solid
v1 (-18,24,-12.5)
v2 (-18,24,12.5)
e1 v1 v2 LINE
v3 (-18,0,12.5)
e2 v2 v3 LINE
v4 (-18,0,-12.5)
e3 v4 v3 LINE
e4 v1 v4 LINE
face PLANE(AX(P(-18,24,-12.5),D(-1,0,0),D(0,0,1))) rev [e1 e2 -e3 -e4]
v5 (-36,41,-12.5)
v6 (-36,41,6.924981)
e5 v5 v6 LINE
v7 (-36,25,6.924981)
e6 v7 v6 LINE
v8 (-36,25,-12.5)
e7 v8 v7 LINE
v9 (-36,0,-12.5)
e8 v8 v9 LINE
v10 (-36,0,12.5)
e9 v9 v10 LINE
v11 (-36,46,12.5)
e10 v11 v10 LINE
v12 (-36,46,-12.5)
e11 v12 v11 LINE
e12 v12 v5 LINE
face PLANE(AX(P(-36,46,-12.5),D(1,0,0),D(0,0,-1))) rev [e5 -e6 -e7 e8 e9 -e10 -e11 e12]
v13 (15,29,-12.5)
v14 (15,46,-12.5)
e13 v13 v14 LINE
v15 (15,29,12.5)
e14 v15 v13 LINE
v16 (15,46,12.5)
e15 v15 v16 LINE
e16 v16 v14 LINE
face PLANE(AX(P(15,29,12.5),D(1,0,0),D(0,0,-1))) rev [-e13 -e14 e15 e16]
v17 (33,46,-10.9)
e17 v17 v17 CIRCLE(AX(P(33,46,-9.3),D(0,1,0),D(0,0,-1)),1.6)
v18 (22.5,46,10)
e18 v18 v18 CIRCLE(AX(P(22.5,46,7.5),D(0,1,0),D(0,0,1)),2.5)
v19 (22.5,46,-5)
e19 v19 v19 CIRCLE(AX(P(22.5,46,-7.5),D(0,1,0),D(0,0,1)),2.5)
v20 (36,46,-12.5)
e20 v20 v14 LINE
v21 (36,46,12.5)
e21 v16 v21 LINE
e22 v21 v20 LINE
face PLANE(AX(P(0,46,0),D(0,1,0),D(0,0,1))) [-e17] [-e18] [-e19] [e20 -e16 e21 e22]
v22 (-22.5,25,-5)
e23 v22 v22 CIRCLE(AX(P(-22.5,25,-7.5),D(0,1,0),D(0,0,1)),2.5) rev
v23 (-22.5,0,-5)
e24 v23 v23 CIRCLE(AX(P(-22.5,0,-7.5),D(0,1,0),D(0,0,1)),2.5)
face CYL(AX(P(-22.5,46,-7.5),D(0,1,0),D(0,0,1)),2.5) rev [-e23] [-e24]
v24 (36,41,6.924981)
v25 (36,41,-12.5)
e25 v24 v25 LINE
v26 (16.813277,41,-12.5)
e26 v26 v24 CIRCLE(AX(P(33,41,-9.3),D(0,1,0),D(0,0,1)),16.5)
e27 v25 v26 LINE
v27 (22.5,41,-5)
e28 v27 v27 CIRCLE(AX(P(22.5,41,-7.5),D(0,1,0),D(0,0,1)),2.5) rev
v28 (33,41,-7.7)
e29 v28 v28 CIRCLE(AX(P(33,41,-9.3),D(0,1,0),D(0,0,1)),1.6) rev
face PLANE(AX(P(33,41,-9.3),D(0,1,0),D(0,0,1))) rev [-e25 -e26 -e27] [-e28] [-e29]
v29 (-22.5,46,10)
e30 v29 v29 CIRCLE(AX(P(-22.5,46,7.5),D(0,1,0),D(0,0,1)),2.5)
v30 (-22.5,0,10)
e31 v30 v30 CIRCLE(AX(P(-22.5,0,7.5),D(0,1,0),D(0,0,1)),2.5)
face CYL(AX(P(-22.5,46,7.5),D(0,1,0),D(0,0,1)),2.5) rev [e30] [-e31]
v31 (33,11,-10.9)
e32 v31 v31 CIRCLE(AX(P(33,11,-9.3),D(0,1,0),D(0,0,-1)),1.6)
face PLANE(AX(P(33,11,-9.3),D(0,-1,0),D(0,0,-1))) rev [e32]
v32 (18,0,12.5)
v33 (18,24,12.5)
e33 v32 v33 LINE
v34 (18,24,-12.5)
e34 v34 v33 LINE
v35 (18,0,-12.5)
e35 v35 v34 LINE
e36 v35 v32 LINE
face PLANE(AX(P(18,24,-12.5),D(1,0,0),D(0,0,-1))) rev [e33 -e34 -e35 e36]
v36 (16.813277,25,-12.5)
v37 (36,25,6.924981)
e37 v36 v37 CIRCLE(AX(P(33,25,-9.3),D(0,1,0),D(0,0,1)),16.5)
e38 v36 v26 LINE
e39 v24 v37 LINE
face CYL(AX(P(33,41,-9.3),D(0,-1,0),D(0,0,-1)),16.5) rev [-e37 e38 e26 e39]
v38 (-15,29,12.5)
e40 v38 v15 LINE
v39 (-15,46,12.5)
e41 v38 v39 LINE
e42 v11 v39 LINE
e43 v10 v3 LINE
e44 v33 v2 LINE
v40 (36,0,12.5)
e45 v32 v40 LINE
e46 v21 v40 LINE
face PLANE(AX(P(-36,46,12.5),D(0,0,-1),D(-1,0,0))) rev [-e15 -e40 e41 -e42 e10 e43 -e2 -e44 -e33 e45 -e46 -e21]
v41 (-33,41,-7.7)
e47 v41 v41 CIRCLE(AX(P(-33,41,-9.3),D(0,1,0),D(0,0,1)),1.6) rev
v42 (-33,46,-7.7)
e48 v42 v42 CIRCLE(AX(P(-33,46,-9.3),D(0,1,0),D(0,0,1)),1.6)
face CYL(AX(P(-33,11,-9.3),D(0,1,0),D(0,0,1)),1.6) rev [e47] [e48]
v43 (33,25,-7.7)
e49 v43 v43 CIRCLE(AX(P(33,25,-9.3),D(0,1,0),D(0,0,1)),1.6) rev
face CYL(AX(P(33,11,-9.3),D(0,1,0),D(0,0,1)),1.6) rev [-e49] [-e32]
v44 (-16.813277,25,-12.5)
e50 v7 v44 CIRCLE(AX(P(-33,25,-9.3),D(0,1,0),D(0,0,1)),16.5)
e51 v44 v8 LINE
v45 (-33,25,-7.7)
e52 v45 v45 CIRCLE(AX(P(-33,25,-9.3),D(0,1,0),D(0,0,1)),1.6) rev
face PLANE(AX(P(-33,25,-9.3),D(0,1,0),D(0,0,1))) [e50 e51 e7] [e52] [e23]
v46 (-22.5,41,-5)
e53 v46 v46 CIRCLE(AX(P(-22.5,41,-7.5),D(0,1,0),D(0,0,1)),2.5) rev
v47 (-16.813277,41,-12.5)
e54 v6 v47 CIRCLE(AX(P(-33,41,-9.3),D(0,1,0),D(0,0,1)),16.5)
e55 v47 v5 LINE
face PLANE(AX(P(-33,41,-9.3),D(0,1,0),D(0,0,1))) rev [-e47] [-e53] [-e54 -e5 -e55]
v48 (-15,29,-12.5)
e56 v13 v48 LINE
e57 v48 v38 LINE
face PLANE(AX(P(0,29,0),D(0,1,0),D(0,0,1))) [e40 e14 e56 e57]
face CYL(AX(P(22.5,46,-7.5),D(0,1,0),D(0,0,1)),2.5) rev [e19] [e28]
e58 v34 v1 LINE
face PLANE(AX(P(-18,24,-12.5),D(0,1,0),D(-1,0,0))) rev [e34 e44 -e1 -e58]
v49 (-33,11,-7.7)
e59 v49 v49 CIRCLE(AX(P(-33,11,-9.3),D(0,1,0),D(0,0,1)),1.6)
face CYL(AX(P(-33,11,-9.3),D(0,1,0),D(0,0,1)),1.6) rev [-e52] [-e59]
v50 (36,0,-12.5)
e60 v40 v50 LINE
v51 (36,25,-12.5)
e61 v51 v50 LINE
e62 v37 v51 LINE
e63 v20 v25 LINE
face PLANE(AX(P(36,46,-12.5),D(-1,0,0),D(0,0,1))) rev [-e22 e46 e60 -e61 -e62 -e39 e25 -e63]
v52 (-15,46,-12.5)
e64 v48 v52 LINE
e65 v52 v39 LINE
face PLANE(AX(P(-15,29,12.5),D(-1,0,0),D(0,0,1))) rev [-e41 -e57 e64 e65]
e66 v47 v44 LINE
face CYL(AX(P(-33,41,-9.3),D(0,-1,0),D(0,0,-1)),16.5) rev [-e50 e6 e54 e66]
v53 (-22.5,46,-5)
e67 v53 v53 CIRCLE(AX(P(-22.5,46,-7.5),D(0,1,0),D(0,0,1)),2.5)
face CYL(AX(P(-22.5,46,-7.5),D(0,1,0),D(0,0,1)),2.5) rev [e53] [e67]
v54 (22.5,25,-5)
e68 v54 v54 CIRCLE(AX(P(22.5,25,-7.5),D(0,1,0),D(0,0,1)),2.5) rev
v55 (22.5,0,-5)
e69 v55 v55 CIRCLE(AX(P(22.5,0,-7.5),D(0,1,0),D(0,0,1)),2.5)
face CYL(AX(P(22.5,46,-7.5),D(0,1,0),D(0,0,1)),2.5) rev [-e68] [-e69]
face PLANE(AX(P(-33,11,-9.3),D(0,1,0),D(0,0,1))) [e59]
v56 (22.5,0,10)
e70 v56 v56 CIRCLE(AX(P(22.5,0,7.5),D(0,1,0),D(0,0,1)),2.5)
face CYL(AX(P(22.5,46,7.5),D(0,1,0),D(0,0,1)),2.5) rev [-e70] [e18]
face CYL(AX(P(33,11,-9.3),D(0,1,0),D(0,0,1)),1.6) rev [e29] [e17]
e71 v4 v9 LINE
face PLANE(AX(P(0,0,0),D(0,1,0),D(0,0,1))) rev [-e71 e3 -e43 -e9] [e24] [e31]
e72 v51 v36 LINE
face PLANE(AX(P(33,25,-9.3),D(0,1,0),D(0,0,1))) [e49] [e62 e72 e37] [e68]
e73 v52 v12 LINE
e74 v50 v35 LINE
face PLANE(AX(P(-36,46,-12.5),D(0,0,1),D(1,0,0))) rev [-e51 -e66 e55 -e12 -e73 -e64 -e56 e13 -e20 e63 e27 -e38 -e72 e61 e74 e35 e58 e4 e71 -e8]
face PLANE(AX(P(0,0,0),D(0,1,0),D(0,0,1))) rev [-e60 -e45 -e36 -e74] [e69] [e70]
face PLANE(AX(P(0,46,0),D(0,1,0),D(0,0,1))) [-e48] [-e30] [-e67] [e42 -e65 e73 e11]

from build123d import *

# Parameters (mm, degrees)
SKETCH6_W           = 72
SKETCH6_H           = 25
BOSS_EXTRUDE2_DEPTH = 46
SKETCH9_R           = 1.6
CUT_EXTRUDE3_DEPTH  = 35
TOP_SCREW_HOLES_D   = 5
SKETCH12_W          = 36
SKETCH12_H          = 24
CUT_EXTRUDE4_DEPTH  = 64.537390567
SKETCH13_W          = 30
SKETCH13_H          = 25
CUT_EXTRUDE5_DEPTH  = 17
CUT_EXTRUDE6_START  = 25
SKETCH14_R          = 16.5
CUT_EXTRUDE6_DEPTH  = 16


with BuildPart() as part:
    # Sketch6 → Boss-Extrude2 (new body)
    with BuildSketch(Plane(origin=(0, 0, 0), x_dir=(1, 0, 0), z_dir=(0, 1, 0))):
        Rectangle(SKETCH6_W, SKETCH6_H)
    extrude(amount=BOSS_EXTRUDE2_DEPTH)

    # Sketch9 → Cut-Extrude3 (cut)
    with BuildSketch(Plane(origin=(0, 46, 0), x_dir=(1, 0, 0), z_dir=(0, 1, 0))):
        with Locations(Location((-33, 9.3, 0), (0, 0, 270))):
            Circle(SKETCH9_R)
        with Locations(Location((33, 9.3, 0), (0, 0, 90))):
            Circle(SKETCH9_R)
    extrude(amount=-CUT_EXTRUDE3_DEPTH, mode=Mode.SUBTRACT)

    # Top Screw Holes (through all)
    with Locations(Plane(origin=(0, 46, 0), x_dir=(1, 0, 0), z_dir=(0, 1, 0))):
        with Locations((-22.5, -7.5), (22.5, -7.5), (-22.5, 7.5), (22.5, 7.5)):
            Hole(TOP_SCREW_HOLES_D / 2)

    # Sketch12 → Cut-Extrude4 (cut, through all)
    with BuildSketch(Plane.XY.offset(12.5)):
        with Locations((0, 12)):
            Rectangle(SKETCH12_W, SKETCH12_H)
    extrude(amount=-CUT_EXTRUDE4_DEPTH, mode=Mode.SUBTRACT)

    # Sketch13 → Cut-Extrude5 (cut)
    with BuildSketch(Plane(origin=(0, 46, 0), x_dir=(1, 0, 0), z_dir=(0, 1, 0))):
        Rectangle(SKETCH13_W, SKETCH13_H)
    extrude(amount=-CUT_EXTRUDE5_DEPTH, mode=Mode.SUBTRACT)

    # Sketch14 → Cut-Extrude6 (cut)
    with BuildSketch(Plane(origin=(0, 0, 0), x_dir=(1, 0, 0), z_dir=(0, 1, 0)).offset(CUT_EXTRUDE6_START)):
        with Locations((-33, 9.3)):
            Circle(SKETCH14_R)
        with Locations((33, 9.3)):
            Circle(SKETCH14_R)
    extrude(amount=CUT_EXTRUDE6_DEPTH, mode=Mode.SUBTRACT)


solid = part.part
